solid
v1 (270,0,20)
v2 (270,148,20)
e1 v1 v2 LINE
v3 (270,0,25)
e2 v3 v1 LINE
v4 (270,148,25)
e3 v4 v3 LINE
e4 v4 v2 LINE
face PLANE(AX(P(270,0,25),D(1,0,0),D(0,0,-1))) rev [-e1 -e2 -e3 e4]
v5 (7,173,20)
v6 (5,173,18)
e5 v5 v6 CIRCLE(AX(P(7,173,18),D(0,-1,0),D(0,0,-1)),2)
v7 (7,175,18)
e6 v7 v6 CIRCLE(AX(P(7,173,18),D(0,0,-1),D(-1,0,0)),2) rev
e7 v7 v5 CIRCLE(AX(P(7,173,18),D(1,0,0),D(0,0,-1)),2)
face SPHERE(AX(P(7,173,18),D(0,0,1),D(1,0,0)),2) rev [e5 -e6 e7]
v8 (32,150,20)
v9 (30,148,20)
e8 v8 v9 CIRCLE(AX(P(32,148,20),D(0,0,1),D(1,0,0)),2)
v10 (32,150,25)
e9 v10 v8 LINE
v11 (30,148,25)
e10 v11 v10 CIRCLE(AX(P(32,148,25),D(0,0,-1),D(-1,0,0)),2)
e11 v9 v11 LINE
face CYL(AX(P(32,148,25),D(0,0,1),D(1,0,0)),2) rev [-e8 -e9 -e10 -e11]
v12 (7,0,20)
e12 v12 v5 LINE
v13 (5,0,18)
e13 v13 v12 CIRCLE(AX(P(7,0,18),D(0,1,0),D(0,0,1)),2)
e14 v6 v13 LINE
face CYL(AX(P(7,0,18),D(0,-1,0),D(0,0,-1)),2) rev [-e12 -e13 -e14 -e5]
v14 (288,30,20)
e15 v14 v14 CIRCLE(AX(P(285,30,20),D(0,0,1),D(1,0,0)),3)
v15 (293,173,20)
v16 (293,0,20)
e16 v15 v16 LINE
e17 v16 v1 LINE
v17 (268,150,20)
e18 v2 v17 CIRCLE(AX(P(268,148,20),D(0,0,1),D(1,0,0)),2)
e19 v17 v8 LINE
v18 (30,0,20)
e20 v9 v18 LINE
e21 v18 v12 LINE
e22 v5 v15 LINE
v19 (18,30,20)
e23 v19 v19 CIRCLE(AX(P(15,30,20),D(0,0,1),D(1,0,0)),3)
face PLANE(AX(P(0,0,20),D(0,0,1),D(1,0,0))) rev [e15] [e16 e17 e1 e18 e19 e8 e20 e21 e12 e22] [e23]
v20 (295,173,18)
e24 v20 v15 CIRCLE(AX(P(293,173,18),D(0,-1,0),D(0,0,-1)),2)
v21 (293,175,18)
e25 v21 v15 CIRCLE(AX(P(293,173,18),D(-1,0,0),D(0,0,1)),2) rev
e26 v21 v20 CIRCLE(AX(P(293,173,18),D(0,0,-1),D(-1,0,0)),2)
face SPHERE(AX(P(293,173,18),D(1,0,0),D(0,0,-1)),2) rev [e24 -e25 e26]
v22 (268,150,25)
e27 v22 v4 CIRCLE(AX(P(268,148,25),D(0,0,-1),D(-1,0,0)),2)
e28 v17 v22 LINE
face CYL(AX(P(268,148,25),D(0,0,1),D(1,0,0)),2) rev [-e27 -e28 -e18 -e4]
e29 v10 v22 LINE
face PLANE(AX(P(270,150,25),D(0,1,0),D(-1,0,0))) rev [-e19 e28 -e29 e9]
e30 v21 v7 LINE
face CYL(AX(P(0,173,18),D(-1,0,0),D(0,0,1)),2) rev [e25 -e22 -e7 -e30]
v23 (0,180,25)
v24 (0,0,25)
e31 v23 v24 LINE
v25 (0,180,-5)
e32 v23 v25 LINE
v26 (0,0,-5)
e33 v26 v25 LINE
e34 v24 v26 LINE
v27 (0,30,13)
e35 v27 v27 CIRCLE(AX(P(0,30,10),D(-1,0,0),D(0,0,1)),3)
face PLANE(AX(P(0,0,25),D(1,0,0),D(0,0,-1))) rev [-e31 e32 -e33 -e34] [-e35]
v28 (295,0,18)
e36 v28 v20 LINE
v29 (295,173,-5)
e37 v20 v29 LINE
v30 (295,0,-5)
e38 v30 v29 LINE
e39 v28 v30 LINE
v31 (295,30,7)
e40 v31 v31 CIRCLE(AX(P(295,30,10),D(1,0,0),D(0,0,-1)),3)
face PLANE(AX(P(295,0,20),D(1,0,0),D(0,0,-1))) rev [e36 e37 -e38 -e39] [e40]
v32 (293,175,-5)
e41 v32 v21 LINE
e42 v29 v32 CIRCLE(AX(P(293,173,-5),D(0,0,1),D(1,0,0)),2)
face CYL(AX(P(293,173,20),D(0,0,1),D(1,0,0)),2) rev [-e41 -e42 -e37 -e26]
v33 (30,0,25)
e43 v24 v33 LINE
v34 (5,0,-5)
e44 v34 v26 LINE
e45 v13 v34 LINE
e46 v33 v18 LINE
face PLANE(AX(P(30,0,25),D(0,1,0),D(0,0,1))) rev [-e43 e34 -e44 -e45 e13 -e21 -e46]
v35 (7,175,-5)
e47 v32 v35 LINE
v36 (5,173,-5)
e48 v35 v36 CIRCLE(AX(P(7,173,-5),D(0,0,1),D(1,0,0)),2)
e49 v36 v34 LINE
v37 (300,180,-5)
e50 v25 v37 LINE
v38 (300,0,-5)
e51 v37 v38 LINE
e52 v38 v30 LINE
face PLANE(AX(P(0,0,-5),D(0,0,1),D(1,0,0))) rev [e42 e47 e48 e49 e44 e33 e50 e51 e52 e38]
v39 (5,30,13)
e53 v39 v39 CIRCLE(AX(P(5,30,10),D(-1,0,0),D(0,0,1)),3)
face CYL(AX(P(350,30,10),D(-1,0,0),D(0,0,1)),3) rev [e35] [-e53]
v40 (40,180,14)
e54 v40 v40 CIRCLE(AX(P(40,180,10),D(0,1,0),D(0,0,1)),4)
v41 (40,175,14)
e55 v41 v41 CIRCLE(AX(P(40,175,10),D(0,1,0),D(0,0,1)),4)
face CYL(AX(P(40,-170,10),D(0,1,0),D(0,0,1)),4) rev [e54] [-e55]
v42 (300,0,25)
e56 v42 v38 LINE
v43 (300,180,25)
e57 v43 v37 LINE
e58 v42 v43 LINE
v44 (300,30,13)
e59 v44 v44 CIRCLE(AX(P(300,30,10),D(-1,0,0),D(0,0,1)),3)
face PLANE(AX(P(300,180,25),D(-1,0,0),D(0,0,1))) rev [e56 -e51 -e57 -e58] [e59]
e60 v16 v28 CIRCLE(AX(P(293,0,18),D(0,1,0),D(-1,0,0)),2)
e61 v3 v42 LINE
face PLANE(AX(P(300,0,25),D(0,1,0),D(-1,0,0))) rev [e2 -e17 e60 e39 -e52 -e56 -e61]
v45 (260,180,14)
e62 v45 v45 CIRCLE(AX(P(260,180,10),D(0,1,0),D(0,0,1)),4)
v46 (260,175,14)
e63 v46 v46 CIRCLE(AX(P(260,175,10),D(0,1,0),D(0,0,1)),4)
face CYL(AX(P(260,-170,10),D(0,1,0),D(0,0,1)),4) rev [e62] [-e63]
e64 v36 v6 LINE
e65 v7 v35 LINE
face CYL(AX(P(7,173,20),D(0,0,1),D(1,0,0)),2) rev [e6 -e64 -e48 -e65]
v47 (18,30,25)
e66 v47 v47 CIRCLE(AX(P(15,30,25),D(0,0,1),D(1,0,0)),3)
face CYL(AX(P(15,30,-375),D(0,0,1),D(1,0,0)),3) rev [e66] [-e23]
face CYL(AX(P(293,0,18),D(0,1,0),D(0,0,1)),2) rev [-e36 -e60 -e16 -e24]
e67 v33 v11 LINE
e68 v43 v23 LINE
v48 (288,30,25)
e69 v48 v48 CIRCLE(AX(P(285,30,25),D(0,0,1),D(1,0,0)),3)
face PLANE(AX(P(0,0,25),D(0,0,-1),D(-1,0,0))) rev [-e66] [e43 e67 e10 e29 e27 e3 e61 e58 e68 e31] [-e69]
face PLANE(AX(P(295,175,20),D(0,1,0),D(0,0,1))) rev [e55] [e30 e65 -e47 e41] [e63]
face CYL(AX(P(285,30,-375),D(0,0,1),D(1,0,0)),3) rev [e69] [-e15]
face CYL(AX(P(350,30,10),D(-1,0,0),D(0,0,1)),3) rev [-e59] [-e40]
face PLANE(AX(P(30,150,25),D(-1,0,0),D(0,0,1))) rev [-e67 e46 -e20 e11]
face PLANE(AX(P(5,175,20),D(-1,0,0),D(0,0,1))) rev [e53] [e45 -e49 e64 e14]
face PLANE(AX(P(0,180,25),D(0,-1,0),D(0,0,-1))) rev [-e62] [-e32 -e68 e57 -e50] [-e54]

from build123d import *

# Parameters (mm, degrees)
BOSS_EXTRUDE1_DEPTH = 25
CUT_EXTRUDE2_DEPTH  = 20
SKETCH6_R           = 3
CUT_EXTRUDE5_DEPTH  = 400
BOSS_EXTRUDE2_DEPTH = 5
SKETCH8_R           = 3
CUT_EXTRUDE6_DEPTH  = 350
FILLET3_R           = 2
SKETCH9_R           = 4
CUT_EXTRUDE7_DEPTH  = 350


with BuildPart() as part:
    # Sketch1 → Boss-Extrude1 (new body)
    with BuildSketch(Plane.XY):
        Polygon((0, 0), (0, 180), (300, 180), (300, 0), (270, 0), (270, 150), (30, 150), (30, 0), align=None)
    extrude(amount=BOSS_EXTRUDE1_DEPTH)

    # Sketch3 → Cut-Extrude2 (cut)
    with BuildSketch(Plane(origin=(0, 0, 0), x_dir=(-1, 0, 0), z_dir=(0, 0, -1))):
        Polygon((-5, 0), (-30, 0), (-30, 150), (-270, 150), (-270, 0), (-295, 0), (-295, 175), (-5, 175), align=None)
    extrude(amount=-CUT_EXTRUDE2_DEPTH, mode=Mode.SUBTRACT)

    # Sketch6 → Cut-Extrude5 (cut)
    with BuildSketch(Plane.XY.offset(25)):
        with Locations((15, 30)):
            Circle(SKETCH6_R)
        with Locations((285, 30)):
            Circle(SKETCH6_R)
    extrude(amount=-CUT_EXTRUDE5_DEPTH, mode=Mode.SUBTRACT)

    # Sketch7 → Boss-Extrude2 (add)
    with BuildSketch(Plane(origin=(0, 0, 0), x_dir=(-1, 0, 0), z_dir=(0, 0, -1))):
        Polygon((-300, 0), (-300, 180), (0, 180), (0, 0), (-5, 0), (-5, 175), (-295, 175), (-295, 0), align=None)
    extrude(amount=BOSS_EXTRUDE2_DEPTH)

    # Sketch8 → Cut-Extrude6 (cut)
    with BuildSketch(Plane.ZY):
        with Locations((10, 30)):
            Circle(SKETCH8_R)
    extrude(amount=-CUT_EXTRUDE6_DEPTH, mode=Mode.SUBTRACT)

    # Fillet3
    fillet3_edges = [part.edges().sort_by_distance(p)[0] for p in [
        (270, 150, 22.5),
        (30, 150, 22.5),
        (5, 87.5, 20),
        (5, 175, 7.5),
        (295, 87.5, 20),
        (150, 175, 20),
        (295, 175, 7.5),
    ]]
    fillet(fillet3_edges, radius=FILLET3_R)

    # Sketch9 → Cut-Extrude7 (cut)
    with BuildSketch(Plane(origin=(0, 180, 0), x_dir=(1, 0, 0), z_dir=(0, 1, 0))):
        with Locations(Location((40, -10, 0), (0, 0, 270))):
            Circle(SKETCH9_R)
        with Locations(Location((260, -10, 0), (0, 0, 270))):
            Circle(SKETCH9_R)
    extrude(amount=-CUT_EXTRUDE7_DEPTH, mode=Mode.SUBTRACT)


solid = part.part
